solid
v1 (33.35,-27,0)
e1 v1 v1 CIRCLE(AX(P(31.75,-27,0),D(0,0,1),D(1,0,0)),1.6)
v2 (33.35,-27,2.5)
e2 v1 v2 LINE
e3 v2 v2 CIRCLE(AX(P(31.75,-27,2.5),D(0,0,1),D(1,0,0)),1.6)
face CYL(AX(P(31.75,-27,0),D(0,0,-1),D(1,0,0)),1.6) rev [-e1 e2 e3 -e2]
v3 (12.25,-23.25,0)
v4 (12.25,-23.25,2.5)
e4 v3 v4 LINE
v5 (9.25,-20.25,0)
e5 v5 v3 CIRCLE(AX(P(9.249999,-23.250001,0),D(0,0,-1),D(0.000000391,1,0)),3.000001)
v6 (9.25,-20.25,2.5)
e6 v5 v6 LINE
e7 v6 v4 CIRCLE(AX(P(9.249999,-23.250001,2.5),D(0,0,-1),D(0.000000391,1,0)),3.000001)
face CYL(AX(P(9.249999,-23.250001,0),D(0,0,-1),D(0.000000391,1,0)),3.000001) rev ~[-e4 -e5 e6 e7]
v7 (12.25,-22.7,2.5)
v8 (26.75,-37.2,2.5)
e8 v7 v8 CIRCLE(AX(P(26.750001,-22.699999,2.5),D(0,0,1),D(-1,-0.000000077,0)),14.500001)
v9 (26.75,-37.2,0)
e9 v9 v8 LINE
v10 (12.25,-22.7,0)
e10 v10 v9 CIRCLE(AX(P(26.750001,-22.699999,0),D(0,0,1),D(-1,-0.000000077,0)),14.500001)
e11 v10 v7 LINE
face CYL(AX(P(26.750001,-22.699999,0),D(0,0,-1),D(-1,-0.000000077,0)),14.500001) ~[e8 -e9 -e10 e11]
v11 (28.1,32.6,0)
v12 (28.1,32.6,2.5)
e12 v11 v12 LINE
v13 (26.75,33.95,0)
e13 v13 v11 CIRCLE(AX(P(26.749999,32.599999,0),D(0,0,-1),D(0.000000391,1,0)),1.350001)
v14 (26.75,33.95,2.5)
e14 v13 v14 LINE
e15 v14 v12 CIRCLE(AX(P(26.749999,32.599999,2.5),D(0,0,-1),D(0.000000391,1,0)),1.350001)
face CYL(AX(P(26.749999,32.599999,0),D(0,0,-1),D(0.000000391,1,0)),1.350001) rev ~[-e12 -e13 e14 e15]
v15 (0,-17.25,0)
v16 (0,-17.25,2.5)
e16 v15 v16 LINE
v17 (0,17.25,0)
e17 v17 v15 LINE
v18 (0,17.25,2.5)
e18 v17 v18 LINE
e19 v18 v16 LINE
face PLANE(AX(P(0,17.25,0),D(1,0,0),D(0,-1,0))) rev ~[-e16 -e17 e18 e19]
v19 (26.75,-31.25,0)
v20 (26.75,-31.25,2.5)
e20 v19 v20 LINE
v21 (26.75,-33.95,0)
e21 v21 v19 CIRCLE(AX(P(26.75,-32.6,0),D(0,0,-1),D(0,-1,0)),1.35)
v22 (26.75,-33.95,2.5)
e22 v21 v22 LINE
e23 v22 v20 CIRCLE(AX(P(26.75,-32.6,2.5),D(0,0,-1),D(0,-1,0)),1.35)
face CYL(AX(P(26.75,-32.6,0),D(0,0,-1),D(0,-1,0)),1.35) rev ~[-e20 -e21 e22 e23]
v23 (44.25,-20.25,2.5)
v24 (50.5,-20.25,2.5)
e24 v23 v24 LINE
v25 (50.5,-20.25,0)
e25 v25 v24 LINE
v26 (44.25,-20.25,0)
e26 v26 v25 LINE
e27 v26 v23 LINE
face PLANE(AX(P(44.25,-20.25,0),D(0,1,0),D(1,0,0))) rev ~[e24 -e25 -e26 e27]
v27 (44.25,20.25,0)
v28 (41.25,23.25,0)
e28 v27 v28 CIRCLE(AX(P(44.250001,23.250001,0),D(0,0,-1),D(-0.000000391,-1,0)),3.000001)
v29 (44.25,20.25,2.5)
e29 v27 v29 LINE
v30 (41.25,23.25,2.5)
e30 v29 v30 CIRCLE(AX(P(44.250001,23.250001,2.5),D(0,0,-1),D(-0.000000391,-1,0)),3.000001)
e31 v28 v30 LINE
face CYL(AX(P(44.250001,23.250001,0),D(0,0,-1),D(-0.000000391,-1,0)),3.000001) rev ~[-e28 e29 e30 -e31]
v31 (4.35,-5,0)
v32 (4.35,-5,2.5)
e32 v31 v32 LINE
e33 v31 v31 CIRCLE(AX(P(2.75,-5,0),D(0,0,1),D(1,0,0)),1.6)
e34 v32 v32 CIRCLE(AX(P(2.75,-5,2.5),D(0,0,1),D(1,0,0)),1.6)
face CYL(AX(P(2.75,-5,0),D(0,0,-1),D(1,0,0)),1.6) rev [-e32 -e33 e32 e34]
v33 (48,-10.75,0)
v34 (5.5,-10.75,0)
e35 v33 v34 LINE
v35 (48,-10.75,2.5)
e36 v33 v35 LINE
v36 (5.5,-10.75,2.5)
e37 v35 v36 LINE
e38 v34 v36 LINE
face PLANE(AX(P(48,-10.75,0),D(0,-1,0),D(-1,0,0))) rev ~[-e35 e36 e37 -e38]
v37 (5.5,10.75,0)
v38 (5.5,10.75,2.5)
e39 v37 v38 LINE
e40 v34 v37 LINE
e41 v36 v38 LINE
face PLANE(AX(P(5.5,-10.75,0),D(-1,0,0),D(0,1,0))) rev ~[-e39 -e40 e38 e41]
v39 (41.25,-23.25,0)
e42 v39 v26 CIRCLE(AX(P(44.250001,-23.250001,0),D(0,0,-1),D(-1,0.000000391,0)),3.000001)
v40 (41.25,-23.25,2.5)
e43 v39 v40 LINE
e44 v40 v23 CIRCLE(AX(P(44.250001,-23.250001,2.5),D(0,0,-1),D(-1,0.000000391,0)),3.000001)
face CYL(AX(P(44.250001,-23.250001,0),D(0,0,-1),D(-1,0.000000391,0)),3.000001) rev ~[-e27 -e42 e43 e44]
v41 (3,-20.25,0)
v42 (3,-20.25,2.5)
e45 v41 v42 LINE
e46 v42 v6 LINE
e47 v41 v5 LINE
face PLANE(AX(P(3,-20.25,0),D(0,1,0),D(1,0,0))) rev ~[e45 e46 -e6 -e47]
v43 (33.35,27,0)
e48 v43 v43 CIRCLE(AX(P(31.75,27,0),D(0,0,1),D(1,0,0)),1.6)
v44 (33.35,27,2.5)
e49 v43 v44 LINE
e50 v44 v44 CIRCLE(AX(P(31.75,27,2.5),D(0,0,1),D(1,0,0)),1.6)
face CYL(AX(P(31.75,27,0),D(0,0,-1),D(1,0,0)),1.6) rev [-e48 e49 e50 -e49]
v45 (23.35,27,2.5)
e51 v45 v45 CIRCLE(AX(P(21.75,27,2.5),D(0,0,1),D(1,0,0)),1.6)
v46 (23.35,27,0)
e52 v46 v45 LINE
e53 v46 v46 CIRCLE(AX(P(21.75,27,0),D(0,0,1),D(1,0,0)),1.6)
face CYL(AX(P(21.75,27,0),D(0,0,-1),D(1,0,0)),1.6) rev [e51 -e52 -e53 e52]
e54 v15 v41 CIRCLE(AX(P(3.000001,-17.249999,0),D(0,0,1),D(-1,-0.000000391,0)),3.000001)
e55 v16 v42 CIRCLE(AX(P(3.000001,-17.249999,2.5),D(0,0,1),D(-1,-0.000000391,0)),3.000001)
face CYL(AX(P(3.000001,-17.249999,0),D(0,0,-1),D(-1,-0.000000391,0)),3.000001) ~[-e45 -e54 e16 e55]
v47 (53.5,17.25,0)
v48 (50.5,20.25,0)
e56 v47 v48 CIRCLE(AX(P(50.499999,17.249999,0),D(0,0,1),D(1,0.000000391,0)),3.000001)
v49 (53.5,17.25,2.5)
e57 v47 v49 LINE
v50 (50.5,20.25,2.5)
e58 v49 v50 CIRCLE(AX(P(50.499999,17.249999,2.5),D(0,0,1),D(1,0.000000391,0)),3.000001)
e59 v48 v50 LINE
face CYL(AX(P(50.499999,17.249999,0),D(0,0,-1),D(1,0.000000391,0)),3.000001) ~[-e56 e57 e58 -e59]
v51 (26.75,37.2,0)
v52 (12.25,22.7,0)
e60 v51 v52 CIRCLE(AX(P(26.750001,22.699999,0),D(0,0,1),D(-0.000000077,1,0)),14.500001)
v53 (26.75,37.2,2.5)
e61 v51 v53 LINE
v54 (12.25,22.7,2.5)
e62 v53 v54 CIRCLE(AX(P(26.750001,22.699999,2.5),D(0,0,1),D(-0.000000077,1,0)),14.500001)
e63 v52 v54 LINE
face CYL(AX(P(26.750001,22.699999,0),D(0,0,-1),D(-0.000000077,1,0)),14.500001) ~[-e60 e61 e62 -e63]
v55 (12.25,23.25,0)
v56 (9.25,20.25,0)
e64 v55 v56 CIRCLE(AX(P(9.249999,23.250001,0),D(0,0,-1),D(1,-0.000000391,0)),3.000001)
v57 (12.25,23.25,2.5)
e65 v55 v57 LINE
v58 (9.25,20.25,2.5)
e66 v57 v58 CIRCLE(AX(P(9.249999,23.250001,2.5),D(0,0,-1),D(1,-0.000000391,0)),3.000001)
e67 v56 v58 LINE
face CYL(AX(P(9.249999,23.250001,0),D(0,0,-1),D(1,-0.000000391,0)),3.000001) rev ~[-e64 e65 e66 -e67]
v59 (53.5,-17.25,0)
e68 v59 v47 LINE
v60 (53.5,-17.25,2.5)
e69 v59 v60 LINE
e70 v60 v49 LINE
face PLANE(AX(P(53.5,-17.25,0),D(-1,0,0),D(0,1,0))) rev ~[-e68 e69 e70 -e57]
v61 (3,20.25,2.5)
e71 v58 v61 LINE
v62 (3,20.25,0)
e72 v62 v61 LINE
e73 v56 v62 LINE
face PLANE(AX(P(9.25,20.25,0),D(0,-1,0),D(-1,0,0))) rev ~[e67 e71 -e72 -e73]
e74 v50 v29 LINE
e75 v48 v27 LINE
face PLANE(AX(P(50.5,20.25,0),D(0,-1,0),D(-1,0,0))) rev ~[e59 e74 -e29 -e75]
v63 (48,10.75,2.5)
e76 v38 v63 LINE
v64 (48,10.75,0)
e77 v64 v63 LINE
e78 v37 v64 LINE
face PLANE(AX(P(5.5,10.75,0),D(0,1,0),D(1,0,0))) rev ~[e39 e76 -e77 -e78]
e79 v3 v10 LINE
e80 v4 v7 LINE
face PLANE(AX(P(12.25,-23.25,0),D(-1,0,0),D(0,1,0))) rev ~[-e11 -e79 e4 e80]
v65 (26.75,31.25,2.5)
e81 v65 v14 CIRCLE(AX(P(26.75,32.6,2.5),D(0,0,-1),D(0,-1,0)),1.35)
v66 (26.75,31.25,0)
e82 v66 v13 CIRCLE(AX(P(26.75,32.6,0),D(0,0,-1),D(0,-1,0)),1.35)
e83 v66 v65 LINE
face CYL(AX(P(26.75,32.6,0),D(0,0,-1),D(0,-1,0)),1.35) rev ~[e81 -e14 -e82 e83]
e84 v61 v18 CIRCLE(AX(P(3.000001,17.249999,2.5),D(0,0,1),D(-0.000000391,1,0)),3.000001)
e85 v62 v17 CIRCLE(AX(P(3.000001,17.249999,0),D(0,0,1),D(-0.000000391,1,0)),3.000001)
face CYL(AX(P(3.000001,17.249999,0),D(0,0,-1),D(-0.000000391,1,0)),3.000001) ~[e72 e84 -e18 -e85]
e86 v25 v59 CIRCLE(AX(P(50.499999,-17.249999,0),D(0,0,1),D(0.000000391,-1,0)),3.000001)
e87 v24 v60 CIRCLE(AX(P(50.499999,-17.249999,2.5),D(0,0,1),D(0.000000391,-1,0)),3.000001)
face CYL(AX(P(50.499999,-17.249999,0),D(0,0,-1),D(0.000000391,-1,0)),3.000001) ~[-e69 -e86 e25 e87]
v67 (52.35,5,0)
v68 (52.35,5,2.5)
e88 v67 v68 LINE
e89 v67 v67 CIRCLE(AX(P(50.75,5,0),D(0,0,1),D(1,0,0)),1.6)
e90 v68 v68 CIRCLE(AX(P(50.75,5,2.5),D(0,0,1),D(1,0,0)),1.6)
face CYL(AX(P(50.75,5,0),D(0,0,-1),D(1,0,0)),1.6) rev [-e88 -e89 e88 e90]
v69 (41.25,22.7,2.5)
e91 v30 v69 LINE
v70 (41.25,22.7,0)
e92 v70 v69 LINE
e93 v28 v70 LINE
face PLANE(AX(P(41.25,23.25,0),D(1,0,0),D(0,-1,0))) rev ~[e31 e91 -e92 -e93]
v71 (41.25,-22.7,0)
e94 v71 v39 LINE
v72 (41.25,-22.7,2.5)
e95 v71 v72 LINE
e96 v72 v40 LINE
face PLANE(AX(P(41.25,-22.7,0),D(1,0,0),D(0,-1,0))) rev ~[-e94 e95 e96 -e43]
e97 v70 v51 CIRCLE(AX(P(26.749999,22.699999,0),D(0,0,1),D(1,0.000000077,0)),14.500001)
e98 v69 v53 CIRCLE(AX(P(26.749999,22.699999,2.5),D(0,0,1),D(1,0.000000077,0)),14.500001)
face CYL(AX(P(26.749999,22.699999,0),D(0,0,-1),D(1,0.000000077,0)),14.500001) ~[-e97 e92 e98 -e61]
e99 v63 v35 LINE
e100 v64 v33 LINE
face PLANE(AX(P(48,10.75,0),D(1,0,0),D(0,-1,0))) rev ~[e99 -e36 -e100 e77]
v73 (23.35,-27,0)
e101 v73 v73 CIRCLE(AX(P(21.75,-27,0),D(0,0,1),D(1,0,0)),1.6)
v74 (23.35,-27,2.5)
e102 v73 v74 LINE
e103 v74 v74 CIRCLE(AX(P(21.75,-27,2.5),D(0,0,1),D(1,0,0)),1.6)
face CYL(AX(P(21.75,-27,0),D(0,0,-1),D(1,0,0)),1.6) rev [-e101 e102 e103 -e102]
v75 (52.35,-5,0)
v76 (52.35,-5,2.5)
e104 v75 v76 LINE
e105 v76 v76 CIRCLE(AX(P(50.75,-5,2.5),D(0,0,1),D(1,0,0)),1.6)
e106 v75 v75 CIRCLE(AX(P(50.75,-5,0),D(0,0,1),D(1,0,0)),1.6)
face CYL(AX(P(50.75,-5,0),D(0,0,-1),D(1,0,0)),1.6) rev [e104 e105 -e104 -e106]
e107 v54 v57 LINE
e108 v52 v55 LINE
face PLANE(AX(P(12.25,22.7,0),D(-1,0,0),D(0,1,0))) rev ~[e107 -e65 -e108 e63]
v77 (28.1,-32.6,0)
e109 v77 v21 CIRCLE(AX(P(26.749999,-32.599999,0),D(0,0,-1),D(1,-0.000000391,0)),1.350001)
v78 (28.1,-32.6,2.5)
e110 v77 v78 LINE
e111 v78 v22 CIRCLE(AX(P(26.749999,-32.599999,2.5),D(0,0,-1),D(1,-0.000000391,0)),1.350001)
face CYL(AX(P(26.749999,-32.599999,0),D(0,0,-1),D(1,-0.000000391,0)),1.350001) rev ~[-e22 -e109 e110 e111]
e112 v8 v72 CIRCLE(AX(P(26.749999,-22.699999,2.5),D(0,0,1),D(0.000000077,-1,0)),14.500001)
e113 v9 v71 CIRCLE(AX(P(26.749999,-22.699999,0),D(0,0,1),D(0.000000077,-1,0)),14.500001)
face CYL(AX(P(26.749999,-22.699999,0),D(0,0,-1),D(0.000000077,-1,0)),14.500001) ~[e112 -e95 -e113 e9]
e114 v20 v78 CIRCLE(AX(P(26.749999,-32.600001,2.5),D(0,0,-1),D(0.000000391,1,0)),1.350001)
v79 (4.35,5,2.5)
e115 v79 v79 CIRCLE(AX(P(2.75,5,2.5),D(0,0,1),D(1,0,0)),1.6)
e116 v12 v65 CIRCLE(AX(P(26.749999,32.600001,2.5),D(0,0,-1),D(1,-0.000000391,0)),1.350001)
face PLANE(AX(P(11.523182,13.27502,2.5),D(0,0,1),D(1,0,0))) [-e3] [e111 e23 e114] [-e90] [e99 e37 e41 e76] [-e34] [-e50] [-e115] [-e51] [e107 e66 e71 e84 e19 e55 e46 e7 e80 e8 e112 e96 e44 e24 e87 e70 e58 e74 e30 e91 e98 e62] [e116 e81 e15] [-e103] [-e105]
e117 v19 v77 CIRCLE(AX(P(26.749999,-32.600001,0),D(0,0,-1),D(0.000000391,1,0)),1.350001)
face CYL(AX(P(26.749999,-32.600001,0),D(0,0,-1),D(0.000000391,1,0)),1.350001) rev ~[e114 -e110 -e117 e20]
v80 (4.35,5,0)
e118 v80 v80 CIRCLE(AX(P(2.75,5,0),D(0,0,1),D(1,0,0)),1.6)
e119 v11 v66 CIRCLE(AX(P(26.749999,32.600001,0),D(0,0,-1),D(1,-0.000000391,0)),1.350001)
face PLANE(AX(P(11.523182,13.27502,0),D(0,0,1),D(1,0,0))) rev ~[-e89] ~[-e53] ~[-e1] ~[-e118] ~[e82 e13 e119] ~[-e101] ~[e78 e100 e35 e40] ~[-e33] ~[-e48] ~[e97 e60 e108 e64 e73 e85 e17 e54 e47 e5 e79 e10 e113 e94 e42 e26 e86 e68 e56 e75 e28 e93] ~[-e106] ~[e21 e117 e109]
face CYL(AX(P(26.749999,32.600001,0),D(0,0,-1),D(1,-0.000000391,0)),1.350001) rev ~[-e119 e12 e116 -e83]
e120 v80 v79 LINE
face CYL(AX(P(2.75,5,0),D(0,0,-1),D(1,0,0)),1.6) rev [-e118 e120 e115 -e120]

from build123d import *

# Parameters (mm, degrees)
F0_R     = 1.6
F1_DEPTH = 2.5


with BuildPart() as f1:
    # F0 (on Top) → F1 (new body)
    with BuildSketch(Plane.XY):
        with BuildLine():
            Line((0, 17.25), (0, 0))
            Line((0, 0), (5.5, 0))
            Line((5.5, 0), (5.5, 10.75))
            Line((5.5, 10.75), (26.75, 10.75))
            Line((26.75, 10.75), (26.75, 22.7))
            Line((26.75, 22.7), (12.25, 22.7))
            Line((12.25, 22.7), (12.25, 23.25))
            ThreePointArc((12.25, 23.25), (11.37132, 21.12868), (9.25, 20.25))
            Line((9.25, 20.25), (3, 20.25))
            ThreePointArc((3, 20.25), (0.87868, 19.37132), (0, 17.25))
        make_face()
        with Locations((2.75, 5)):
            Circle(F0_R, mode=Mode.SUBTRACT)
        with BuildLine():
            Line((5.5, 0), (0, 0))
            Line((0, 0), (0, -17.25))
            ThreePointArc((0, -17.25), (0.87868, -19.37132), (3, -20.25))
            Line((3, -20.25), (9.25, -20.25))
            ThreePointArc((9.25, -20.25), (11.37132, -21.12868), (12.25, -23.25))
            Line((12.25, -23.25), (12.25, -22.7))
            Line((12.25, -22.7), (26.75, -22.7))
            Line((26.75, -22.7), (26.75, -10.75))
            Line((26.75, -10.75), (5.5, -10.75))
            Line((5.5, -10.75), (5.5, 0))
        make_face()
        with Locations((2.75, -5)):
            Circle(F0_R, mode=Mode.SUBTRACT)
        with BuildLine():
            Line((48, 10.75), (48, 0))
            Line((48, 0), (53.5, 0))
            Line((53.5, 0), (53.5, 17.25))
            ThreePointArc((53.5, 17.25), (52.62132, 19.37132), (50.5, 20.25))
            Line((50.5, 20.25), (44.25, 20.25))
            ThreePointArc((44.25, 20.25), (42.12868, 21.12868), (41.25, 23.25))
            Line((41.25, 23.25), (41.25, 22.7))
            Line((41.25, 22.7), (26.75, 22.7))
            Line((26.75, 22.7), (26.75, 10.75))
            Line((26.75, 10.75), (48, 10.75))
        make_face()
        with Locations((50.75, 5)):
            Circle(F0_R, mode=Mode.SUBTRACT)
        with BuildLine():
            Line((53.5, 0), (48, 0))
            Line((48, 0), (48, -10.75))
            Line((48, -10.75), (26.75, -10.75))
            Line((26.75, -10.75), (26.75, -22.7))
            Line((26.75, -22.7), (41.25, -22.7))
            Line((41.25, -22.7), (41.25, -23.25))
            ThreePointArc((41.25, -23.25), (42.12868, -21.12868), (44.25, -20.25))
            Line((44.25, -20.25), (50.5, -20.25))
            ThreePointArc((50.5, -20.25), (52.62132, -19.37132), (53.5, -17.25))
            Line((53.5, -17.25), (53.5, 0))
        make_face()
        with Locations((50.75, -5)):
            Circle(F0_R, mode=Mode.SUBTRACT)
        with BuildLine():
            Line((41.25, -22.7), (26.75, -22.7))
            Line((26.75, -22.7), (26.75, -31.25))
            ThreePointArc((26.75, -31.25), (27.704594, -31.645406), (28.1, -32.6))
            ThreePointArc((28.1, -32.6), (27.704594, -33.554594), (26.75, -33.95))
            Line((26.75, -33.95), (26.75, -37.2))
            ThreePointArc((26.75, -37.2), (37.003048, -32.953048), (41.25, -22.7))
        make_face()
        with Locations((31.75, -27)):
            Circle(F0_R, mode=Mode.SUBTRACT)
        with BuildLine():
            Line((26.75, -31.25), (26.75, -22.7))
            Line((26.75, -22.7), (12.25, -22.7))
            ThreePointArc((12.25, -22.7), (16.496952, -32.953048), (26.75, -37.2))
            Line((26.75, -37.2), (26.75, -33.95))
            ThreePointArc((26.75, -33.95), (25.4, -32.6), (26.75, -31.25))
        make_face()
        with Locations((21.75, -27)):
            Circle(F0_R, mode=Mode.SUBTRACT)
        with BuildLine():
            Line((12.25, 22.7), (26.75, 22.7))
            Line((26.75, 22.7), (26.75, 31.25))
            ThreePointArc((26.75, 31.25), (25.4, 32.6), (26.75, 33.95))
            Line((26.75, 33.95), (26.75, 37.2))
            ThreePointArc((26.75, 37.2), (16.496952, 32.953048), (12.25, 22.7))
        make_face()
        with Locations((21.75, 27)):
            Circle(F0_R, mode=Mode.SUBTRACT)
        with BuildLine():
            Line((26.75, 31.25), (26.75, 22.7))
            Line((26.75, 22.7), (41.25, 22.7))
            ThreePointArc((41.25, 22.7), (37.003048, 32.953048), (26.75, 37.2))
            Line((26.75, 37.2), (26.75, 33.95))
            ThreePointArc((26.75, 33.95), (27.704594, 33.554594), (28.1, 32.6))
            ThreePointArc((28.1, 32.6), (27.704594, 31.645406), (26.75, 31.25))
        make_face()
        with Locations((31.75, 27)):
            Circle(F0_R, mode=Mode.SUBTRACT)
    extrude(amount=F1_DEPTH)


solid = f1.part
